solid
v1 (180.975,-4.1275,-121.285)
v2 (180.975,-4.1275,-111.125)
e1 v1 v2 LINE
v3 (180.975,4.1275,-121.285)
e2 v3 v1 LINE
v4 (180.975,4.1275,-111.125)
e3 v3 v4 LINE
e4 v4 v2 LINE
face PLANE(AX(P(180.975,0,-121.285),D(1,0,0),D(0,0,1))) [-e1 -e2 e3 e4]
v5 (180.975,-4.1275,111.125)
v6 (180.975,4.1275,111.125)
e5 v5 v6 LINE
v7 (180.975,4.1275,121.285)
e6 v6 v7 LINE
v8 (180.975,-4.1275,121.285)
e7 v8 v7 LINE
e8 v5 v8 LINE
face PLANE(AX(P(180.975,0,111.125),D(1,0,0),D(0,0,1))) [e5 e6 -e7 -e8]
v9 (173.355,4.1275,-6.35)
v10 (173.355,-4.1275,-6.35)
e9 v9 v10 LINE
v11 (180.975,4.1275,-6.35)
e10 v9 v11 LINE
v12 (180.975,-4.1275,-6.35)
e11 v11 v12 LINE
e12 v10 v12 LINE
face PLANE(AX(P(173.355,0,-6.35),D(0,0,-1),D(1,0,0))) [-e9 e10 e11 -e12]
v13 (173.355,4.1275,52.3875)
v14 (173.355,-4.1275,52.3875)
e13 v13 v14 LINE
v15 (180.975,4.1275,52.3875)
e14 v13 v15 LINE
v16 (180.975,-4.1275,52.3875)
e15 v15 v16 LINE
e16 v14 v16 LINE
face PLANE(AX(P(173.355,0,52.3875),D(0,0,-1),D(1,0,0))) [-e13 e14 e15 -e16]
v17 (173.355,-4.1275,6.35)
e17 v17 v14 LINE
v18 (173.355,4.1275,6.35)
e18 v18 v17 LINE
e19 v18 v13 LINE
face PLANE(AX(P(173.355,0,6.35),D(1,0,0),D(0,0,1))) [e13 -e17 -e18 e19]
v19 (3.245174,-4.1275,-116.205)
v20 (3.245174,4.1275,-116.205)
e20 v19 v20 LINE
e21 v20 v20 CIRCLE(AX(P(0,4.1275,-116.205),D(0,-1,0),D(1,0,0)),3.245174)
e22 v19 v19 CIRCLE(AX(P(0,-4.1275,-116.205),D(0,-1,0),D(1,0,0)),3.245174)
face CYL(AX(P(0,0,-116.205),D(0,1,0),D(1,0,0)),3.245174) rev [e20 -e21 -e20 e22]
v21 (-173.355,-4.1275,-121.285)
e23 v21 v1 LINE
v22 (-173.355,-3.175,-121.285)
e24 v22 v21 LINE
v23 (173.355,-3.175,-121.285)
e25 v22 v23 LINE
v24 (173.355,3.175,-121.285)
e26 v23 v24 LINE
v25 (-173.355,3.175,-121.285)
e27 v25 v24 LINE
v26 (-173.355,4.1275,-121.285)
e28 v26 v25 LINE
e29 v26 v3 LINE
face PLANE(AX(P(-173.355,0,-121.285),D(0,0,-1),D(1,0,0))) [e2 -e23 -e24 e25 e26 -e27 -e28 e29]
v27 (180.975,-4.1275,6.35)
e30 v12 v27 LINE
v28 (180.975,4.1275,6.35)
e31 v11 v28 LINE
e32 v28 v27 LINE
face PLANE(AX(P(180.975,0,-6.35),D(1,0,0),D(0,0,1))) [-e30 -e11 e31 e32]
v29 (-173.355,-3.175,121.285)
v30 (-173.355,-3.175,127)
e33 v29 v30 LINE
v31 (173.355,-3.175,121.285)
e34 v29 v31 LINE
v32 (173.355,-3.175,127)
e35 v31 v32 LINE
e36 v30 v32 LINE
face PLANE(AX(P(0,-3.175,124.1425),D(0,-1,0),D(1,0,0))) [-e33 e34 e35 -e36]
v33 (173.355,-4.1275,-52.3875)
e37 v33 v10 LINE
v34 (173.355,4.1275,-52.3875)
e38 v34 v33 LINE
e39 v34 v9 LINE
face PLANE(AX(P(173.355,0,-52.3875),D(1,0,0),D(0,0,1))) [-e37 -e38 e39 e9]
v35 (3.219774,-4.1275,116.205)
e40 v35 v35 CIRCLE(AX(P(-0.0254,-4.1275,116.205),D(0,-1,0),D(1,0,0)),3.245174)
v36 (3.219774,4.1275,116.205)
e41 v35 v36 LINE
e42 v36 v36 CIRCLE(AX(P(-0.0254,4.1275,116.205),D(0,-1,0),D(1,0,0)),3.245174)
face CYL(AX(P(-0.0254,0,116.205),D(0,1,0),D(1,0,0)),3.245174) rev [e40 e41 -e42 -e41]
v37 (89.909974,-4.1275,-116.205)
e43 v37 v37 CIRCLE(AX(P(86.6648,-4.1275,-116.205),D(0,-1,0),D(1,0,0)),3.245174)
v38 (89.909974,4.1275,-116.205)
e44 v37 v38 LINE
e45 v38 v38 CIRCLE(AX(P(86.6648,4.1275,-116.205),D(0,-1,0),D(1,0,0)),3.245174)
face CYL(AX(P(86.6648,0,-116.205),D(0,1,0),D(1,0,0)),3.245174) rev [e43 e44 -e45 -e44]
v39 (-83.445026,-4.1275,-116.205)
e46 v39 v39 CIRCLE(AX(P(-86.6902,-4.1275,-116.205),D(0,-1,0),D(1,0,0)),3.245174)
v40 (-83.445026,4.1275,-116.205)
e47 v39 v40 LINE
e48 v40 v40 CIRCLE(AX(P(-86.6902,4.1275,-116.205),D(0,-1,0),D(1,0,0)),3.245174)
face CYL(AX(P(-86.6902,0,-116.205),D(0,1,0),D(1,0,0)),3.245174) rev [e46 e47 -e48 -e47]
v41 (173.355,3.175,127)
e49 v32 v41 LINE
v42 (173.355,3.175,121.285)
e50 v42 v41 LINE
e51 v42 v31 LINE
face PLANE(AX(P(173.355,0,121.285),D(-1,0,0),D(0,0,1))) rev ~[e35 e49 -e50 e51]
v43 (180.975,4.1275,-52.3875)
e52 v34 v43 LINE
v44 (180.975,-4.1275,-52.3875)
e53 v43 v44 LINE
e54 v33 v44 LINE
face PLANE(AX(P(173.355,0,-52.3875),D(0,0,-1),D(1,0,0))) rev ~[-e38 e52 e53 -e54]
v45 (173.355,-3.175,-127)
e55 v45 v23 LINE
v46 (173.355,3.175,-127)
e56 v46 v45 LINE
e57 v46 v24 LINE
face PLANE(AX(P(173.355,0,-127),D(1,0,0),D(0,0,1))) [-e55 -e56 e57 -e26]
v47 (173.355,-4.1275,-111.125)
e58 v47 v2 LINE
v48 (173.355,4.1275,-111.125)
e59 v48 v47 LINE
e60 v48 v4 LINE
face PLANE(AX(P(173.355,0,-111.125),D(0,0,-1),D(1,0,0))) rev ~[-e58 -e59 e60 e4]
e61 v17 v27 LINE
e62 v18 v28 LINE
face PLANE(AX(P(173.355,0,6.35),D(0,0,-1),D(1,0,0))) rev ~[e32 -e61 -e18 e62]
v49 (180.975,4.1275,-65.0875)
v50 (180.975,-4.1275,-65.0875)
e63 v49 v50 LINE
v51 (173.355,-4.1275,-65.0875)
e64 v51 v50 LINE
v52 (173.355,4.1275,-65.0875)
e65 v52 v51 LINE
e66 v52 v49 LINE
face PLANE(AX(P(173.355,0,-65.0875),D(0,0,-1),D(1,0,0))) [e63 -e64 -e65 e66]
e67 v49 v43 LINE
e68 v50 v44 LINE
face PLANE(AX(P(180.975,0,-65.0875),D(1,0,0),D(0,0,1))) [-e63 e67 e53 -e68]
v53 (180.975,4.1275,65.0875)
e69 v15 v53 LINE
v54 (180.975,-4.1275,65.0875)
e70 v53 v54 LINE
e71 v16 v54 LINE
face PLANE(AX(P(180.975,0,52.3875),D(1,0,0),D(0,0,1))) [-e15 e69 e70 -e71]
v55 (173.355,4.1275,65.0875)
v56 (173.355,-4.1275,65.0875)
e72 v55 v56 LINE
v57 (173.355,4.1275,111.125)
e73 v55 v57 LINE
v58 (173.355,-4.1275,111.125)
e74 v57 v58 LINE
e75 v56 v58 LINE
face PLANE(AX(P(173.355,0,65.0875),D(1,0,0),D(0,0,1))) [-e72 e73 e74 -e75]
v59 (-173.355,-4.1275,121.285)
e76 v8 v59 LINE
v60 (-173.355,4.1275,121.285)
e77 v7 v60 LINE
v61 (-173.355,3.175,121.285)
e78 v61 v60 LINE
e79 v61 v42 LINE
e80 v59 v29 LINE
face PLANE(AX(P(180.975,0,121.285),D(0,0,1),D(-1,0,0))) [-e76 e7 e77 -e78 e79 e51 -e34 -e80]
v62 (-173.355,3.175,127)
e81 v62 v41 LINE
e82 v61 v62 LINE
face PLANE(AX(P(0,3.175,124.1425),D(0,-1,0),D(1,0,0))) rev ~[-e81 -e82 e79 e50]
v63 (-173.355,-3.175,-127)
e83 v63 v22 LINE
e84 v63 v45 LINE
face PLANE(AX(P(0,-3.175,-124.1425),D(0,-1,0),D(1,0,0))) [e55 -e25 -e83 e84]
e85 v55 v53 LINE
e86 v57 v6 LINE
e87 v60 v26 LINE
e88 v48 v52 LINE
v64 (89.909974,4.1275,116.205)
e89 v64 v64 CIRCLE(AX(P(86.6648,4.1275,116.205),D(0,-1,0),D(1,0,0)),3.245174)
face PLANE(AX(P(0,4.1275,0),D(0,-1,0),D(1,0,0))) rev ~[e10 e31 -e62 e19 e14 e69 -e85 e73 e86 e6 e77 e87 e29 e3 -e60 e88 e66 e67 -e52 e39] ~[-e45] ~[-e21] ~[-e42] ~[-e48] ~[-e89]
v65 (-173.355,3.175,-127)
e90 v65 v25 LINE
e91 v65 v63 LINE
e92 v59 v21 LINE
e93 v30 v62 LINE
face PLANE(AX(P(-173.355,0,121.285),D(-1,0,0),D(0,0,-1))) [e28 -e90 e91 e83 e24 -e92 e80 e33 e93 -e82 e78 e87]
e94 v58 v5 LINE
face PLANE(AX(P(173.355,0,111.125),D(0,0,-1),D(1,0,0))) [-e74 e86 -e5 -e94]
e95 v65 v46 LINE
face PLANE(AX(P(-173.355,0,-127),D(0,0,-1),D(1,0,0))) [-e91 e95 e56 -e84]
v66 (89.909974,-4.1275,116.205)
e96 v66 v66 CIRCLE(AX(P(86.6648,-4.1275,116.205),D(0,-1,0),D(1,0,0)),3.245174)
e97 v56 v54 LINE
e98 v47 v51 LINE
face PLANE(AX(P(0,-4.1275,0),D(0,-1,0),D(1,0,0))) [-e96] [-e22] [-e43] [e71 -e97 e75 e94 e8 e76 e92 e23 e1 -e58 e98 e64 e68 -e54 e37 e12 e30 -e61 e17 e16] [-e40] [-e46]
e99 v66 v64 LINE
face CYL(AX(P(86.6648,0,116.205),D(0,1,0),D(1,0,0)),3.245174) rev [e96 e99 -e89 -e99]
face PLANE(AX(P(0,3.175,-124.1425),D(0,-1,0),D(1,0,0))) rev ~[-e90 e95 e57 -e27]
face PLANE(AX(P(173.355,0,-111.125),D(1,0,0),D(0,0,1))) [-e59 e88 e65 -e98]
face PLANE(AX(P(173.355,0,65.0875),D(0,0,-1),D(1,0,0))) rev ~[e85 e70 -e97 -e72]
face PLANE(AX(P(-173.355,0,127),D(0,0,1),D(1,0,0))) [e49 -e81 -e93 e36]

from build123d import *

# Parameters (mm, degrees)
F0_R     = 3.245174
F0_W     = 7.62
F0_H     = 10.16
F0_H_2   = 12.7
F1_DEPTH = 4.1275
F0_W_2   = 346.71
F0_H_3   = 5.715
F2_DEPTH = 3.175


with BuildPart() as f1:
    # F0 (on Front) → F1 (new body, symmetric)
    with BuildSketch(Plane.XZ):
        Polygon((173.355, 121.285), (-173.355, 121.285), (-173.355, -121.285), (173.355, -121.285), (173.355, -111.125), (173.355, -65.0875), (173.355, -52.3875), (173.355, -6.35), (173.355, 6.35), (173.355, 52.3875), (173.355, 65.0875), (173.355, 111.125), align=None)
        with Locations((-86.6902, -116.205)):
            Circle(F0_R, mode=Mode.SUBTRACT)
        with Locations((0, -116.205)):
            Circle(F0_R, mode=Mode.SUBTRACT)
        with Locations((86.6648, -116.205)):
            Circle(F0_R, mode=Mode.SUBTRACT)
        with Locations((-0.0254, 116.205)):
            Circle(F0_R, mode=Mode.SUBTRACT)
        with Locations((86.6648, 116.205)):
            Circle(F0_R, mode=Mode.SUBTRACT)
        with Locations((177.165, 116.205)):
            Rectangle(F0_W, F0_H)
        with Locations((177.165, 58.7375)):
            Rectangle(F0_W, F0_H_2)
        with Locations((177.165, 0)):
            Rectangle(F0_W, F0_H_2)
        with Locations((177.165, -58.7375)):
            Rectangle(F0_W, F0_H_2)
        with Locations((177.165, -116.205)):
            Rectangle(F0_W, F0_H)
    extrude(amount=F1_DEPTH, both=True)

    # F0 (on Front) → F2 (join, symmetric)
    with BuildSketch(Plane.XZ):
        with Locations((0, 124.1425)):
            Rectangle(F0_W_2, F0_H_3)
        with Locations((0, -124.1425)):
            Rectangle(F0_W_2, F0_H_3)
    extrude(amount=F2_DEPTH, both=True)


solid = f1.part
